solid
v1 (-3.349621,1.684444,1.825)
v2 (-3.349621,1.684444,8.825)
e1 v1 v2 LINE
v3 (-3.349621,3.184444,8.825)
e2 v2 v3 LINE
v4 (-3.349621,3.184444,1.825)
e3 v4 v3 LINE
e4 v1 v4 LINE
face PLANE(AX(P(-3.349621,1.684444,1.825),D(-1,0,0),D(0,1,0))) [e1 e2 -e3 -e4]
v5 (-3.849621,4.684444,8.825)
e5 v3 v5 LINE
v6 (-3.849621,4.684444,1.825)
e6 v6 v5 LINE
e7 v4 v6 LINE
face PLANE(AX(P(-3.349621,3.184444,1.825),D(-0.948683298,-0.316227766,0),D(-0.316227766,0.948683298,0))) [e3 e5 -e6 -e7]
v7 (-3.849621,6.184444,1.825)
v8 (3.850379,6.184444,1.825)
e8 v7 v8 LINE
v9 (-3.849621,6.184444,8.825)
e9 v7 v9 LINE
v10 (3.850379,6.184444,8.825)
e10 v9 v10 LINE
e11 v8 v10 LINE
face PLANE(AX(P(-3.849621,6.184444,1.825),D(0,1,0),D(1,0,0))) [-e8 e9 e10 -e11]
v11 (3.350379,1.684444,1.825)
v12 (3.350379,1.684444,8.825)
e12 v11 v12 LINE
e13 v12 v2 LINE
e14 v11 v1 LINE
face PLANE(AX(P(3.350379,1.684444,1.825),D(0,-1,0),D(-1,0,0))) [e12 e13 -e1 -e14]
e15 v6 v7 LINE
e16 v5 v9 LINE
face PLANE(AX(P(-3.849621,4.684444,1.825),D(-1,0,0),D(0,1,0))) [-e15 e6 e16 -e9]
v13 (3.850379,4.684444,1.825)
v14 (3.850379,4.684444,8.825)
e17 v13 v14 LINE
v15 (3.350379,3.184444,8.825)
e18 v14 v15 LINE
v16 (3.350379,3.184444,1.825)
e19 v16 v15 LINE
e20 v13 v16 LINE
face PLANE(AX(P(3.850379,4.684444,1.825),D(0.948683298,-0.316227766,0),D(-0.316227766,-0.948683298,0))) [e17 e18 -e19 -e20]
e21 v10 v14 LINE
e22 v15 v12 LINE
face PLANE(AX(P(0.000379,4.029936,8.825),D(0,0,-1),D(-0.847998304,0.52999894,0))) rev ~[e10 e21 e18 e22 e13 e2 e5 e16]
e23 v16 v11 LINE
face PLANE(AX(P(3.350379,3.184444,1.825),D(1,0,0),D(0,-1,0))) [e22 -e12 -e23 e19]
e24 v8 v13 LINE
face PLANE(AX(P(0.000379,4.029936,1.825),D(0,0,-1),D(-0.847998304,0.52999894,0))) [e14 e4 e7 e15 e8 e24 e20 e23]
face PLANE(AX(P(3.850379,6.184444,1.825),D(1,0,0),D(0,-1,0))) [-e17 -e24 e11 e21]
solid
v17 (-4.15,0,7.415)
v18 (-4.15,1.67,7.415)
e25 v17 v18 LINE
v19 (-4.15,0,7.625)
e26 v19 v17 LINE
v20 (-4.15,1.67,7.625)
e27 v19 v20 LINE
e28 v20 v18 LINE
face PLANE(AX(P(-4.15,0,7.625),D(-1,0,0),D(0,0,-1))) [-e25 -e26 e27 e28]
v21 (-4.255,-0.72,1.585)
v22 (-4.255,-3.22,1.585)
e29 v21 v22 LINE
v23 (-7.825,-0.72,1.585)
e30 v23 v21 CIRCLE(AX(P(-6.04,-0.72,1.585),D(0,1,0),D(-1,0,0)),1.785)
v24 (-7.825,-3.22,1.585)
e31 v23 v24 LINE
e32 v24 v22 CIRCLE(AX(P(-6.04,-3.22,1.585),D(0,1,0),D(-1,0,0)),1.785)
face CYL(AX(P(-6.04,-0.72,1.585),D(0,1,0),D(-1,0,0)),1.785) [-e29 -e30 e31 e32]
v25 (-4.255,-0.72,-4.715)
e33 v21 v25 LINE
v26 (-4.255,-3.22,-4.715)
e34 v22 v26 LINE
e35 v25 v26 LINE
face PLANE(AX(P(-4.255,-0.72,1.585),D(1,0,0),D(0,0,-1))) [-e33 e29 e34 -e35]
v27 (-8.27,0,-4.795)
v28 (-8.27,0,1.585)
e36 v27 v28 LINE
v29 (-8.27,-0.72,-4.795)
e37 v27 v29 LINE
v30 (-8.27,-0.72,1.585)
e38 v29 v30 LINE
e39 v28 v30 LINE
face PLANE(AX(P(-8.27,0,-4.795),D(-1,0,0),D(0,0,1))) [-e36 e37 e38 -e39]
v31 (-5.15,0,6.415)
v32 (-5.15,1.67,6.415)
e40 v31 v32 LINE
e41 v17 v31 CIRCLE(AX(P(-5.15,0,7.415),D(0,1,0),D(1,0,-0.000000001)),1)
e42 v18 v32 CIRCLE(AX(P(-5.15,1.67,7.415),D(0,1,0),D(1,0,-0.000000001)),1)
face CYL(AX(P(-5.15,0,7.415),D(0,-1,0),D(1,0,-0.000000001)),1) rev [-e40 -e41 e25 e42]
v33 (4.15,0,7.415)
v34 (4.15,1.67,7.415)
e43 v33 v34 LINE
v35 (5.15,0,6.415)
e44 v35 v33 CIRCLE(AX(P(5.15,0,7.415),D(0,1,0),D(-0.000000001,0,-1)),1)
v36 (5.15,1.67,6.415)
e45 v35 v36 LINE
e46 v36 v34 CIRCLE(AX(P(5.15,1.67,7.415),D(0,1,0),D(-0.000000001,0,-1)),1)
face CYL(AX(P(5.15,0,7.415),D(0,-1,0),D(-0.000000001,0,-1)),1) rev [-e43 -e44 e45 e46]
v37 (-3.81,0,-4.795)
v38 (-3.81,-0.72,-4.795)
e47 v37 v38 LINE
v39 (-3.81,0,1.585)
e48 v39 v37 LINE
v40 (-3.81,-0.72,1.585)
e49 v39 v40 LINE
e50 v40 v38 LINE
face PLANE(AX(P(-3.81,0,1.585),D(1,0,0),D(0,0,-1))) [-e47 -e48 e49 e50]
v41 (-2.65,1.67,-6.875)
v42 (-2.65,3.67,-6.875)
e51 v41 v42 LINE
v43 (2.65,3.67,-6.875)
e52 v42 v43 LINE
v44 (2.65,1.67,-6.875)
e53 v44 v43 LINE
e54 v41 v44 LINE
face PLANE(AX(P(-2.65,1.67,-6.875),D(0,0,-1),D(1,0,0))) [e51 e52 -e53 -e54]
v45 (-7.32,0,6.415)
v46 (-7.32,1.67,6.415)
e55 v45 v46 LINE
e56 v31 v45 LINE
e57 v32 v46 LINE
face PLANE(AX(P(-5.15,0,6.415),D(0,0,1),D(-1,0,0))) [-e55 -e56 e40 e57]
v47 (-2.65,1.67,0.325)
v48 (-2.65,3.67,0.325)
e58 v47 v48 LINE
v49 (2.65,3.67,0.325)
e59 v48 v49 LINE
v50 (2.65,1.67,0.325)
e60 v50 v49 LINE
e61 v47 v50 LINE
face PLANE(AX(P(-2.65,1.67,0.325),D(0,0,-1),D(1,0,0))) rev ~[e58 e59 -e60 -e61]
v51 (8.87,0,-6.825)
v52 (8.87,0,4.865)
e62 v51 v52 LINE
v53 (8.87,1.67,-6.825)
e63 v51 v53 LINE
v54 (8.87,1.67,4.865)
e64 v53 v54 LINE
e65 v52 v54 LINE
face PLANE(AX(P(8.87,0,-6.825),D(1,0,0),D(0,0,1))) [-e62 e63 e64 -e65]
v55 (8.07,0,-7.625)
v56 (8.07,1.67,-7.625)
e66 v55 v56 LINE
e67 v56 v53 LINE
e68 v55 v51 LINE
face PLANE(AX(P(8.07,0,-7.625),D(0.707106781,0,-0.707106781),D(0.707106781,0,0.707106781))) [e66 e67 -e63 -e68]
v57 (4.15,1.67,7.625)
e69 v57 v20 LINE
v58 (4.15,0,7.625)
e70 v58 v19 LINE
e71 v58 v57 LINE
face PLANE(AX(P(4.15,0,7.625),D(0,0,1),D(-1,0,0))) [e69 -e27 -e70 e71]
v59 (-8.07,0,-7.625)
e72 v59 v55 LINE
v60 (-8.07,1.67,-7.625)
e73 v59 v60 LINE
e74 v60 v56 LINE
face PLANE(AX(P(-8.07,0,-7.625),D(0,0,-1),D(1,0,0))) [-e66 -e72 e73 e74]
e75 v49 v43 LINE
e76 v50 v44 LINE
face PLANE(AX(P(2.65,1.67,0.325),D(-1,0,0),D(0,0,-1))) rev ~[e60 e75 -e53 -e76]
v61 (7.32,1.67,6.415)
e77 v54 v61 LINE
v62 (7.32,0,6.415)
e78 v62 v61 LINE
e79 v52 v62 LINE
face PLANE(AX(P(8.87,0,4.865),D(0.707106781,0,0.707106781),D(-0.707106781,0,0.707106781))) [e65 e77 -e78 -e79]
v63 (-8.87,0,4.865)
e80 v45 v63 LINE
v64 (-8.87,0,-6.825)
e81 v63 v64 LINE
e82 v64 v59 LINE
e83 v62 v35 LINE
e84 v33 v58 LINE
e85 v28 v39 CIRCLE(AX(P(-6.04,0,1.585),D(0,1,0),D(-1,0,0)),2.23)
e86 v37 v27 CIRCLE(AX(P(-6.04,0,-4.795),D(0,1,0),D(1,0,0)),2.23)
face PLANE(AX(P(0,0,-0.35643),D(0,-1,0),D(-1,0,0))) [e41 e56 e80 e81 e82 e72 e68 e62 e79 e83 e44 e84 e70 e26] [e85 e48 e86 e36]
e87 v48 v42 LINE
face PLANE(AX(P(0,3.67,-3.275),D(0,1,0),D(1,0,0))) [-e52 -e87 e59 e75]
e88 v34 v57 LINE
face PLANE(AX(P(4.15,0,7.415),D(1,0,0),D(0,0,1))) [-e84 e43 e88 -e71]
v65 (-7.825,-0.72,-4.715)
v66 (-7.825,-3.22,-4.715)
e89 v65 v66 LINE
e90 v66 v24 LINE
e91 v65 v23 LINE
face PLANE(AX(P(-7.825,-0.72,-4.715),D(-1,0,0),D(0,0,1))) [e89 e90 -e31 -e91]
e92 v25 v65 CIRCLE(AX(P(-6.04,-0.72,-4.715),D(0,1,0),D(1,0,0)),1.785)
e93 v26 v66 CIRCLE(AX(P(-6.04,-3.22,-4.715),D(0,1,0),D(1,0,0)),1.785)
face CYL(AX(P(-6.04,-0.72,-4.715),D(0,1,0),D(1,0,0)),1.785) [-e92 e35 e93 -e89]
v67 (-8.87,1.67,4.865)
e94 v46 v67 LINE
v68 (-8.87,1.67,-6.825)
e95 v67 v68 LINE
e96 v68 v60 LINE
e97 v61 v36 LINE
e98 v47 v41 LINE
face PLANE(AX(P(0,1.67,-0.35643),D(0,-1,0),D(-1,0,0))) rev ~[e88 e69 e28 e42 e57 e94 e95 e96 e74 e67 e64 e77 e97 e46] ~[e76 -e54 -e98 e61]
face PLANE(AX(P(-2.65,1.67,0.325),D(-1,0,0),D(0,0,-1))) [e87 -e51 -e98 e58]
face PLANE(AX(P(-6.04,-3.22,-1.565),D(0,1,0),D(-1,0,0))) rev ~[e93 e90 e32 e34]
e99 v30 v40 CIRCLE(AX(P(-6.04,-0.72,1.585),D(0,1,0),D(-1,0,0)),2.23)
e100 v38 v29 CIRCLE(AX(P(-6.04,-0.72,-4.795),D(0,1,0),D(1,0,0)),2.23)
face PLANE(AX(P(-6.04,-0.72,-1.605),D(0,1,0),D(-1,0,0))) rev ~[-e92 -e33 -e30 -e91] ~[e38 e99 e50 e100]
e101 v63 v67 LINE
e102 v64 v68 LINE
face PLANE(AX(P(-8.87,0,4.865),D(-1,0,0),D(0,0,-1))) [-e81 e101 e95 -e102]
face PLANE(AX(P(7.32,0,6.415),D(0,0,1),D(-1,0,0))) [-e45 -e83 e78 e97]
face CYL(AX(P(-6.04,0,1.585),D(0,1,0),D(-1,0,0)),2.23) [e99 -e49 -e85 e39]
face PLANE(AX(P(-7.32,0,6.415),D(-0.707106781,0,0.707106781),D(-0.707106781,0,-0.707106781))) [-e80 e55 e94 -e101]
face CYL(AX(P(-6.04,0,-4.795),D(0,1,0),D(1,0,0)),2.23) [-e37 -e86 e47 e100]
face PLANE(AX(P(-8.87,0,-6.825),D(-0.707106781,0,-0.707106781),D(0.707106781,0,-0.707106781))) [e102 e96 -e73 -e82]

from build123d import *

# Parameters (mm, degrees)
PCB_DEPTH           = 1.67
SKETCH2_W           = 5.3
SKETCH2_H           = 7.2
PIC18_DEPTH         = 2
CRYSTAL_DEPTH       = 0.72
BOSS_EXTRUDE4_DEPTH = 2.5
USB_CONNECTOR_DEPTH = 7


with BuildPart() as part:
    # PCB Sketch → PCB (new body)
    with BuildSketch(Plane(origin=(0, 0, 0), x_dir=(1, 0, 0), z_dir=(0, 1, 0))):
        with BuildLine():
            Line((-8.07, 7.625), (8.07, 7.625))
            Line((8.07, 7.625), (8.87, 6.825))
            Line((8.87, 6.825), (8.87, -4.865))
            Line((8.87, -4.865), (7.32, -6.415))
            Line((7.32, -6.415), (5.15, -6.415))
            ThreePointArc((5.15, -6.415), (4.442893219, -6.707893219), (4.15, -7.415))
            Line((4.15, -7.415), (4.15, -7.625))
            Line((4.15, -7.625), (-4.15, -7.625))
            Line((-4.15, -7.625), (-4.15, -7.415))
            ThreePointArc((-4.15, -7.415), (-4.442893219, -6.707893219), (-5.15, -6.415))
            Line((-5.15, -6.415), (-7.32, -6.415))
            Line((-7.32, -6.415), (-8.87, -4.865))
            Line((-8.87, -4.865), (-8.87, 6.825))
            Line((-8.87, 6.825), (-8.07, 7.625))
        make_face()
    extrude(amount=PCB_DEPTH)

    # Sketch2 → PIC18 (add)
    with BuildSketch(Plane(origin=(0, 1.67, 0), x_dir=(1, 0, 0), z_dir=(0, 1, 0))):
        with Locations((0, 3.275)):
            Rectangle(SKETCH2_W, SKETCH2_H)
    extrude(amount=PIC18_DEPTH)

    # Sketch3 → Crystal (add)
    with BuildSketch(Plane.XZ):
        with BuildLine():
            Line((-3.81, 1.585), (-3.81, -4.795))
            ThreePointArc((-3.81, -4.795), (-6.04, -7.025), (-8.27, -4.795))
            Line((-8.27, -4.795), (-8.27, 1.585))
            ThreePointArc((-8.27, 1.585), (-6.04, 3.815), (-3.81, 1.585))
        make_face()
    extrude(amount=CRYSTAL_DEPTH)

    # Sketch5 → Boss-Extrude4 (add)
    with BuildSketch(Plane.XZ.offset(0.72)):
        with BuildLine():
            Line((-4.255, 1.585), (-4.255, -4.715))
            ThreePointArc((-4.255, -4.715), (-6.04, -6.5), (-7.825, -4.715))
            Line((-7.825, -4.715), (-7.825, 1.585))
            ThreePointArc((-7.825, 1.585), (-6.04, 3.37), (-4.255, 1.585))
        make_face()
    extrude(amount=BOSS_EXTRUDE4_DEPTH)


with BuildPart() as body_2:
    # 3DSketch1 → USB Connector (new body)
    with BuildSketch(Plane(origin=(-3.849621322, 6.184444439, 1.825), x_dir=(0.847998304005088, -0.52999894000318, 0), z_dir=(0, 0, 1))):
        Polygon((0, 0), (6.529586941, 4.080991838), (7.324585351, 2.808994382), (7.695584609, 1.271997456), (8.490583019, 0), (2.808994382, -3.550992898), (2.013995972, -2.278995442), (0.79499841, -1.271997456), align=None)
    extrude(amount=USB_CONNECTOR_DEPTH)


solid = Compound([part.part, body_2.part])
